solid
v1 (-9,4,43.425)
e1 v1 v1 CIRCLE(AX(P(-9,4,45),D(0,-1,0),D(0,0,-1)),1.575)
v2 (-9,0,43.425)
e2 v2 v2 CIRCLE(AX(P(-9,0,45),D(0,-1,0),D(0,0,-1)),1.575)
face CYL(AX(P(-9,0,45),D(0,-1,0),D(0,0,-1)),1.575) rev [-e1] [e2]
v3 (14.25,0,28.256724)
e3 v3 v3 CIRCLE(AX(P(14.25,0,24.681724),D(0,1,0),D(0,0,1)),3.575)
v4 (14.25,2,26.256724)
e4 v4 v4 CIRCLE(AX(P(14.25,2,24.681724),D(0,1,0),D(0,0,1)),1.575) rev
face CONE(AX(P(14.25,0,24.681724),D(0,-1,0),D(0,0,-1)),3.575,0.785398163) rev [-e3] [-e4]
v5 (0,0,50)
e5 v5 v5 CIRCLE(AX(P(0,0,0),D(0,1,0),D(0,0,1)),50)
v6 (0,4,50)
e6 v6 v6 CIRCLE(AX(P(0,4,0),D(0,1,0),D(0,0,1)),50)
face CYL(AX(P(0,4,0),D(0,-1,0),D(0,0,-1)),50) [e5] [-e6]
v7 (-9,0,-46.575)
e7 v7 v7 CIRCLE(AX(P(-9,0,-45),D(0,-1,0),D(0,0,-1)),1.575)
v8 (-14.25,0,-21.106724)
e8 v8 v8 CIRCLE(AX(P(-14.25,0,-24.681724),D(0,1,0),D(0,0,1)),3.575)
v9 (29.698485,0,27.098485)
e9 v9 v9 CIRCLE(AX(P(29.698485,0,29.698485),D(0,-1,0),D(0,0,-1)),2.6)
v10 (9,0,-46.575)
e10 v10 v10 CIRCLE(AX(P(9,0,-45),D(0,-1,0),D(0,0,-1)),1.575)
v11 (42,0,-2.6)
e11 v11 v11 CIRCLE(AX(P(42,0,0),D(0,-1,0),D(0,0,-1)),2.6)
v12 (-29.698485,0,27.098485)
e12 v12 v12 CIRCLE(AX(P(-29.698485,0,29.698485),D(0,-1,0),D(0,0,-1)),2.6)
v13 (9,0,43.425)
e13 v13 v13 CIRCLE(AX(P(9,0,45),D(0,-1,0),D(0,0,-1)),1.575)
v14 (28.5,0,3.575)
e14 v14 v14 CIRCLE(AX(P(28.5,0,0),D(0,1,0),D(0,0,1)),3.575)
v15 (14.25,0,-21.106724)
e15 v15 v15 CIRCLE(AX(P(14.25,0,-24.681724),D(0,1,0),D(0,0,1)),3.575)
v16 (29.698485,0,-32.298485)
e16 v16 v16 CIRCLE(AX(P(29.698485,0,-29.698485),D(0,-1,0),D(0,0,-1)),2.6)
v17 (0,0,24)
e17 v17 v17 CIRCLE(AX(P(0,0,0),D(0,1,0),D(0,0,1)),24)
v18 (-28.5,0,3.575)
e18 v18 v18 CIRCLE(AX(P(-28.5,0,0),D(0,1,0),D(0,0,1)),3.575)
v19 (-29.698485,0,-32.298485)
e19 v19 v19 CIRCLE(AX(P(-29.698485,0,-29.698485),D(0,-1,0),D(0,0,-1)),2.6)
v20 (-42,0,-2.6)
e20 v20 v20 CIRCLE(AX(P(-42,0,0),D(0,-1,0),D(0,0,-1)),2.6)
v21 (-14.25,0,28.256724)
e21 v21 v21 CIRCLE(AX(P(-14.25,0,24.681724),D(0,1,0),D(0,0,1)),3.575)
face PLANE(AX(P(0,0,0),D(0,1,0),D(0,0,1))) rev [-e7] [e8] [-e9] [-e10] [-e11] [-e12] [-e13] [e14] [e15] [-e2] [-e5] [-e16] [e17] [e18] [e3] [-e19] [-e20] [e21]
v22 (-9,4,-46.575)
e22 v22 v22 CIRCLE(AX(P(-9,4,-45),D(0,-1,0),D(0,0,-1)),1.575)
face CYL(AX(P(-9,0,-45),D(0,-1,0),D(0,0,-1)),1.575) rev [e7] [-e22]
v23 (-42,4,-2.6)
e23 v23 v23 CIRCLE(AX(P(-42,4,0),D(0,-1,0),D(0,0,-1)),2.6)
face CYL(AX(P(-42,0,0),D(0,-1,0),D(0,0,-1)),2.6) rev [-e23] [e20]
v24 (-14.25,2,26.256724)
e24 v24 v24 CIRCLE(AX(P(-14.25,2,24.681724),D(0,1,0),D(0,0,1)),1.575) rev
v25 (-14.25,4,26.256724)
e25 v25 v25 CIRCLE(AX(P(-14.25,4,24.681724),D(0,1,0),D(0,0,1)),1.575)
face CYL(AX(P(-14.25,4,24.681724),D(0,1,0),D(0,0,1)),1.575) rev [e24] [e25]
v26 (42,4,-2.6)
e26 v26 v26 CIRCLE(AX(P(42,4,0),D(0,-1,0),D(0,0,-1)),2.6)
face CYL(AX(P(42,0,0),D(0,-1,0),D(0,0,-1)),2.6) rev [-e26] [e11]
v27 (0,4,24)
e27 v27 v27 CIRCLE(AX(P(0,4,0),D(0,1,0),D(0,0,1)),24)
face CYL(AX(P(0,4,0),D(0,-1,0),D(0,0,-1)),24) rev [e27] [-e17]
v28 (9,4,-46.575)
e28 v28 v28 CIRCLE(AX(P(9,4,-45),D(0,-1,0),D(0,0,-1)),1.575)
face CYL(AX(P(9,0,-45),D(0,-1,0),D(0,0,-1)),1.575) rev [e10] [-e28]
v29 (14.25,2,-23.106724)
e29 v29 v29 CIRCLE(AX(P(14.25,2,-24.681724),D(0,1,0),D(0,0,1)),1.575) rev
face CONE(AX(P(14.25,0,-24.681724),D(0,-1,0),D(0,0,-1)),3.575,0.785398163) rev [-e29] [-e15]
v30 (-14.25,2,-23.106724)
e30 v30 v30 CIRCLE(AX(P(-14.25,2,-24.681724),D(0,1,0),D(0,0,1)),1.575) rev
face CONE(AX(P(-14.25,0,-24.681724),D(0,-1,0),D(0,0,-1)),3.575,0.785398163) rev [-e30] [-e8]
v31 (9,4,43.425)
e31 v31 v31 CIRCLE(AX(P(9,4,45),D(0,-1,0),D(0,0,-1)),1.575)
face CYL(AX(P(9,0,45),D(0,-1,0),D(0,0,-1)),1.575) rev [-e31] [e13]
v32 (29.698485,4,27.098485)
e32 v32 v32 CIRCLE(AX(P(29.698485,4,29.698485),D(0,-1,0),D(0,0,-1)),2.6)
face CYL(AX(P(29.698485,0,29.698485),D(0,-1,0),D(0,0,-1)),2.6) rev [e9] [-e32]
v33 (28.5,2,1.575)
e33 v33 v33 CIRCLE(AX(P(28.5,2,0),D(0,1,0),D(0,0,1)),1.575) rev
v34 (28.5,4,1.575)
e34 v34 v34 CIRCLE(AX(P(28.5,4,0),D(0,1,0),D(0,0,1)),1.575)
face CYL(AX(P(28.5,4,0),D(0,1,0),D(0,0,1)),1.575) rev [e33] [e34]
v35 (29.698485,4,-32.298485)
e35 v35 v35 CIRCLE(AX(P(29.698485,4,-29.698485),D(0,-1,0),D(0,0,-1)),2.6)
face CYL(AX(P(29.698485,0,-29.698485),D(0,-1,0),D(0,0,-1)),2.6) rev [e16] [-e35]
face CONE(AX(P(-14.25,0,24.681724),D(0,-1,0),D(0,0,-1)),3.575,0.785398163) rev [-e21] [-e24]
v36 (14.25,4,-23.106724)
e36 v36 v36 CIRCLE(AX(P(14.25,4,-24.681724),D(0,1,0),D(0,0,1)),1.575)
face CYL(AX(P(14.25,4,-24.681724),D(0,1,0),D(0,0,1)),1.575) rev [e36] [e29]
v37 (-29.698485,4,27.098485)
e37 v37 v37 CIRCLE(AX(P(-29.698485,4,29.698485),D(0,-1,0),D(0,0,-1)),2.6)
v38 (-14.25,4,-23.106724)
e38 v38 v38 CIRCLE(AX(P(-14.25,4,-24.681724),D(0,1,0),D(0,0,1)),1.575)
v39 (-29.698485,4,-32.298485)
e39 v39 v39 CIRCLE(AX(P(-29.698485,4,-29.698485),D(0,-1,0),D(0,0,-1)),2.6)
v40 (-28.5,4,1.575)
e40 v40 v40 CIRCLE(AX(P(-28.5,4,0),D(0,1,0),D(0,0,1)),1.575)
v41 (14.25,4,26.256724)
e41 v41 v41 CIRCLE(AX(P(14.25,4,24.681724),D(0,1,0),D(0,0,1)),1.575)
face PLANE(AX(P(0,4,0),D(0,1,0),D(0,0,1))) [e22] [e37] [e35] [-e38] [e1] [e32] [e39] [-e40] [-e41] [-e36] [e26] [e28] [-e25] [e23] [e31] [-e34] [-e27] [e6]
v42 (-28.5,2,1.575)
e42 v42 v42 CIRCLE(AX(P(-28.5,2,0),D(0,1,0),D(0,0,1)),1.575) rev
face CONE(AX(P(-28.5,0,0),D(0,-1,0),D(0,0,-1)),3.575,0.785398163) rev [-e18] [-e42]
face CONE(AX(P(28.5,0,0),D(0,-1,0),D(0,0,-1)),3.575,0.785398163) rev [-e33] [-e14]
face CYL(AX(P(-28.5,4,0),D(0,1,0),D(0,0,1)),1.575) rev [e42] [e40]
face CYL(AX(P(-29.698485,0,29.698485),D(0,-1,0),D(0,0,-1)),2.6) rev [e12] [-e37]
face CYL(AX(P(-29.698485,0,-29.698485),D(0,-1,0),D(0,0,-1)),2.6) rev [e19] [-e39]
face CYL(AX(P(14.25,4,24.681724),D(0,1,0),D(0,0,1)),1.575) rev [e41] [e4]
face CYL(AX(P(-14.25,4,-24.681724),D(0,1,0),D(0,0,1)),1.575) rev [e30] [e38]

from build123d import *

# Parameters (mm, degrees)
SKETCH_1_R                  = 50
SKETCH_1_R_2                = 24
EXTRUDE_1_DEPTH             = 4
PATTERN_CIRCULAR_1_COUNT    = 6
CHAMFER_1_SIZE              = 2
HOLE_WIZARD_M32_D           = 3.15
PATTERN_LINEAR_1_COUNT      = 2
PATTERN_LINEAR_1_PITCH      = 18
PATTERN_LINEAR_1_COUNT_DIR2 = 2
PATTERN_LINEAR_1_PITCH_DIR2 = 90
HOLE_WIZARD_M52_D           = 5.2
PATTERN_CIRCULAR_3_COUNT    = 2
PATTERN_CIRCULAR_3_ANGLE    = 45
F_3_THE_OTHER_WAY_COUNT     = 2
F_3_THE_OTHER_WAY_ANGLE     = 45


with BuildPart() as part:
    # Эскиз1 → Бобышка-Вытянуть1 (new body)
    with BuildSketch(Plane(origin=(0, 0, 0), x_dir=(1, 0, 0), z_dir=(0, 1, 0))):
        with Locations(Location((0, 0, 0), (0, 0, 270))):
            Circle(SKETCH_1_R)
        with Locations(Location((0, 0, 0), (0, 0, 270))):
            Circle(SKETCH_1_R_2, mode=Mode.SUBTRACT)
    extrude(amount=EXTRUDE_1_DEPTH)

    # Эскиз3 → Сверло под метчик  спиральное M31 (revolve, cut)
    with BuildSketch(Plane(origin=(28.5, 4, 0), x_dir=(0, 0, 1), z_dir=(1, 0, 0))):
        Polygon((0, 0), (0, 8.946355475), (1.575, 8), (1.575, 0), align=None)
    hole_wizard_m31 = revolve(axis=Axis((28.5, 10.35, 0), (0, -1, 0)), mode=Mode.SUBTRACT)

    # Круговой массив1: Сверло под метчик  спиральное M31 ×6 about axis
    pattern_circular_1_axis = Axis((0, 0, 0), (0, 1, 0))
    for i in range(1, PATTERN_CIRCULAR_1_COUNT):
        add(hole_wizard_m31.rotate(pattern_circular_1_axis, i * 360 / PATTERN_CIRCULAR_1_COUNT), mode=Mode.SUBTRACT)

    # Фаска1
    chamfer_1_edges = [part.edges().sort_by_distance(p)[0] for p in [
        (28.5, 0, -1.575),
        (12.886009989, 0, -25.469224008),
        (-15.613990011, 0, -23.894224008),
        (-28.5, 0, 1.575),
        (-12.886009989, 0, 25.469224008),
        (15.613990011, 0, 23.894224008),
    ]]
    chamfer(chamfer_1_edges, length=CHAMFER_1_SIZE)

    # Сверло под метчик  спиральное M32 (through all)
    with Locations(Plane(origin=(0, 0, 0), x_dir=(-1, 0, 0), z_dir=(0, -1, 0))):
        with Locations((-9, -45)):
            hole_wizard_m32 = Hole(HOLE_WIZARD_M32_D / 2)

    # Линейный массив1: Hole Wizard M32 2 × 2
    with Locations(*[(-i * PATTERN_LINEAR_1_PITCH, 0, -j * PATTERN_LINEAR_1_PITCH_DIR2) for i in range(PATTERN_LINEAR_1_COUNT) for j in range(PATTERN_LINEAR_1_COUNT_DIR2) if (i, j) != (0, 0)]):
        add(hole_wizard_m32, mode=Mode.SUBTRACT)

    # Сверло под метчик  спиральное M52 (through all)
    with Locations(Plane(origin=(0, 0, 0), x_dir=(-1, 0, 0), z_dir=(0, -1, 0))):
        with Locations((42, 0), (-42, 0)):
            hole_wizard_m52 = Hole(HOLE_WIZARD_M52_D / 2)

    # Круговой массив3: Сверло под метчик  спиральное M52 ×2 about axis
    pattern_circular_3_axis = Axis((0, 0, 0), (0, 1, 0))
    for i in range(1, PATTERN_CIRCULAR_3_COUNT):
        add(hole_wizard_m52.rotate(pattern_circular_3_axis, i * PATTERN_CIRCULAR_3_ANGLE / (PATTERN_CIRCULAR_3_COUNT - 1)), mode=Mode.SUBTRACT)

    # 3 the other way: Сверло под метчик  спиральное M52 ×2 about axis
    f_3_the_other_way_axis = Axis((0, 0, 0), (0, -1, 0))
    for i in range(1, F_3_THE_OTHER_WAY_COUNT):
        add(hole_wizard_m52.rotate(f_3_the_other_way_axis, i * F_3_THE_OTHER_WAY_ANGLE / (F_3_THE_OTHER_WAY_COUNT - 1)), mode=Mode.SUBTRACT)


solid = part.part
